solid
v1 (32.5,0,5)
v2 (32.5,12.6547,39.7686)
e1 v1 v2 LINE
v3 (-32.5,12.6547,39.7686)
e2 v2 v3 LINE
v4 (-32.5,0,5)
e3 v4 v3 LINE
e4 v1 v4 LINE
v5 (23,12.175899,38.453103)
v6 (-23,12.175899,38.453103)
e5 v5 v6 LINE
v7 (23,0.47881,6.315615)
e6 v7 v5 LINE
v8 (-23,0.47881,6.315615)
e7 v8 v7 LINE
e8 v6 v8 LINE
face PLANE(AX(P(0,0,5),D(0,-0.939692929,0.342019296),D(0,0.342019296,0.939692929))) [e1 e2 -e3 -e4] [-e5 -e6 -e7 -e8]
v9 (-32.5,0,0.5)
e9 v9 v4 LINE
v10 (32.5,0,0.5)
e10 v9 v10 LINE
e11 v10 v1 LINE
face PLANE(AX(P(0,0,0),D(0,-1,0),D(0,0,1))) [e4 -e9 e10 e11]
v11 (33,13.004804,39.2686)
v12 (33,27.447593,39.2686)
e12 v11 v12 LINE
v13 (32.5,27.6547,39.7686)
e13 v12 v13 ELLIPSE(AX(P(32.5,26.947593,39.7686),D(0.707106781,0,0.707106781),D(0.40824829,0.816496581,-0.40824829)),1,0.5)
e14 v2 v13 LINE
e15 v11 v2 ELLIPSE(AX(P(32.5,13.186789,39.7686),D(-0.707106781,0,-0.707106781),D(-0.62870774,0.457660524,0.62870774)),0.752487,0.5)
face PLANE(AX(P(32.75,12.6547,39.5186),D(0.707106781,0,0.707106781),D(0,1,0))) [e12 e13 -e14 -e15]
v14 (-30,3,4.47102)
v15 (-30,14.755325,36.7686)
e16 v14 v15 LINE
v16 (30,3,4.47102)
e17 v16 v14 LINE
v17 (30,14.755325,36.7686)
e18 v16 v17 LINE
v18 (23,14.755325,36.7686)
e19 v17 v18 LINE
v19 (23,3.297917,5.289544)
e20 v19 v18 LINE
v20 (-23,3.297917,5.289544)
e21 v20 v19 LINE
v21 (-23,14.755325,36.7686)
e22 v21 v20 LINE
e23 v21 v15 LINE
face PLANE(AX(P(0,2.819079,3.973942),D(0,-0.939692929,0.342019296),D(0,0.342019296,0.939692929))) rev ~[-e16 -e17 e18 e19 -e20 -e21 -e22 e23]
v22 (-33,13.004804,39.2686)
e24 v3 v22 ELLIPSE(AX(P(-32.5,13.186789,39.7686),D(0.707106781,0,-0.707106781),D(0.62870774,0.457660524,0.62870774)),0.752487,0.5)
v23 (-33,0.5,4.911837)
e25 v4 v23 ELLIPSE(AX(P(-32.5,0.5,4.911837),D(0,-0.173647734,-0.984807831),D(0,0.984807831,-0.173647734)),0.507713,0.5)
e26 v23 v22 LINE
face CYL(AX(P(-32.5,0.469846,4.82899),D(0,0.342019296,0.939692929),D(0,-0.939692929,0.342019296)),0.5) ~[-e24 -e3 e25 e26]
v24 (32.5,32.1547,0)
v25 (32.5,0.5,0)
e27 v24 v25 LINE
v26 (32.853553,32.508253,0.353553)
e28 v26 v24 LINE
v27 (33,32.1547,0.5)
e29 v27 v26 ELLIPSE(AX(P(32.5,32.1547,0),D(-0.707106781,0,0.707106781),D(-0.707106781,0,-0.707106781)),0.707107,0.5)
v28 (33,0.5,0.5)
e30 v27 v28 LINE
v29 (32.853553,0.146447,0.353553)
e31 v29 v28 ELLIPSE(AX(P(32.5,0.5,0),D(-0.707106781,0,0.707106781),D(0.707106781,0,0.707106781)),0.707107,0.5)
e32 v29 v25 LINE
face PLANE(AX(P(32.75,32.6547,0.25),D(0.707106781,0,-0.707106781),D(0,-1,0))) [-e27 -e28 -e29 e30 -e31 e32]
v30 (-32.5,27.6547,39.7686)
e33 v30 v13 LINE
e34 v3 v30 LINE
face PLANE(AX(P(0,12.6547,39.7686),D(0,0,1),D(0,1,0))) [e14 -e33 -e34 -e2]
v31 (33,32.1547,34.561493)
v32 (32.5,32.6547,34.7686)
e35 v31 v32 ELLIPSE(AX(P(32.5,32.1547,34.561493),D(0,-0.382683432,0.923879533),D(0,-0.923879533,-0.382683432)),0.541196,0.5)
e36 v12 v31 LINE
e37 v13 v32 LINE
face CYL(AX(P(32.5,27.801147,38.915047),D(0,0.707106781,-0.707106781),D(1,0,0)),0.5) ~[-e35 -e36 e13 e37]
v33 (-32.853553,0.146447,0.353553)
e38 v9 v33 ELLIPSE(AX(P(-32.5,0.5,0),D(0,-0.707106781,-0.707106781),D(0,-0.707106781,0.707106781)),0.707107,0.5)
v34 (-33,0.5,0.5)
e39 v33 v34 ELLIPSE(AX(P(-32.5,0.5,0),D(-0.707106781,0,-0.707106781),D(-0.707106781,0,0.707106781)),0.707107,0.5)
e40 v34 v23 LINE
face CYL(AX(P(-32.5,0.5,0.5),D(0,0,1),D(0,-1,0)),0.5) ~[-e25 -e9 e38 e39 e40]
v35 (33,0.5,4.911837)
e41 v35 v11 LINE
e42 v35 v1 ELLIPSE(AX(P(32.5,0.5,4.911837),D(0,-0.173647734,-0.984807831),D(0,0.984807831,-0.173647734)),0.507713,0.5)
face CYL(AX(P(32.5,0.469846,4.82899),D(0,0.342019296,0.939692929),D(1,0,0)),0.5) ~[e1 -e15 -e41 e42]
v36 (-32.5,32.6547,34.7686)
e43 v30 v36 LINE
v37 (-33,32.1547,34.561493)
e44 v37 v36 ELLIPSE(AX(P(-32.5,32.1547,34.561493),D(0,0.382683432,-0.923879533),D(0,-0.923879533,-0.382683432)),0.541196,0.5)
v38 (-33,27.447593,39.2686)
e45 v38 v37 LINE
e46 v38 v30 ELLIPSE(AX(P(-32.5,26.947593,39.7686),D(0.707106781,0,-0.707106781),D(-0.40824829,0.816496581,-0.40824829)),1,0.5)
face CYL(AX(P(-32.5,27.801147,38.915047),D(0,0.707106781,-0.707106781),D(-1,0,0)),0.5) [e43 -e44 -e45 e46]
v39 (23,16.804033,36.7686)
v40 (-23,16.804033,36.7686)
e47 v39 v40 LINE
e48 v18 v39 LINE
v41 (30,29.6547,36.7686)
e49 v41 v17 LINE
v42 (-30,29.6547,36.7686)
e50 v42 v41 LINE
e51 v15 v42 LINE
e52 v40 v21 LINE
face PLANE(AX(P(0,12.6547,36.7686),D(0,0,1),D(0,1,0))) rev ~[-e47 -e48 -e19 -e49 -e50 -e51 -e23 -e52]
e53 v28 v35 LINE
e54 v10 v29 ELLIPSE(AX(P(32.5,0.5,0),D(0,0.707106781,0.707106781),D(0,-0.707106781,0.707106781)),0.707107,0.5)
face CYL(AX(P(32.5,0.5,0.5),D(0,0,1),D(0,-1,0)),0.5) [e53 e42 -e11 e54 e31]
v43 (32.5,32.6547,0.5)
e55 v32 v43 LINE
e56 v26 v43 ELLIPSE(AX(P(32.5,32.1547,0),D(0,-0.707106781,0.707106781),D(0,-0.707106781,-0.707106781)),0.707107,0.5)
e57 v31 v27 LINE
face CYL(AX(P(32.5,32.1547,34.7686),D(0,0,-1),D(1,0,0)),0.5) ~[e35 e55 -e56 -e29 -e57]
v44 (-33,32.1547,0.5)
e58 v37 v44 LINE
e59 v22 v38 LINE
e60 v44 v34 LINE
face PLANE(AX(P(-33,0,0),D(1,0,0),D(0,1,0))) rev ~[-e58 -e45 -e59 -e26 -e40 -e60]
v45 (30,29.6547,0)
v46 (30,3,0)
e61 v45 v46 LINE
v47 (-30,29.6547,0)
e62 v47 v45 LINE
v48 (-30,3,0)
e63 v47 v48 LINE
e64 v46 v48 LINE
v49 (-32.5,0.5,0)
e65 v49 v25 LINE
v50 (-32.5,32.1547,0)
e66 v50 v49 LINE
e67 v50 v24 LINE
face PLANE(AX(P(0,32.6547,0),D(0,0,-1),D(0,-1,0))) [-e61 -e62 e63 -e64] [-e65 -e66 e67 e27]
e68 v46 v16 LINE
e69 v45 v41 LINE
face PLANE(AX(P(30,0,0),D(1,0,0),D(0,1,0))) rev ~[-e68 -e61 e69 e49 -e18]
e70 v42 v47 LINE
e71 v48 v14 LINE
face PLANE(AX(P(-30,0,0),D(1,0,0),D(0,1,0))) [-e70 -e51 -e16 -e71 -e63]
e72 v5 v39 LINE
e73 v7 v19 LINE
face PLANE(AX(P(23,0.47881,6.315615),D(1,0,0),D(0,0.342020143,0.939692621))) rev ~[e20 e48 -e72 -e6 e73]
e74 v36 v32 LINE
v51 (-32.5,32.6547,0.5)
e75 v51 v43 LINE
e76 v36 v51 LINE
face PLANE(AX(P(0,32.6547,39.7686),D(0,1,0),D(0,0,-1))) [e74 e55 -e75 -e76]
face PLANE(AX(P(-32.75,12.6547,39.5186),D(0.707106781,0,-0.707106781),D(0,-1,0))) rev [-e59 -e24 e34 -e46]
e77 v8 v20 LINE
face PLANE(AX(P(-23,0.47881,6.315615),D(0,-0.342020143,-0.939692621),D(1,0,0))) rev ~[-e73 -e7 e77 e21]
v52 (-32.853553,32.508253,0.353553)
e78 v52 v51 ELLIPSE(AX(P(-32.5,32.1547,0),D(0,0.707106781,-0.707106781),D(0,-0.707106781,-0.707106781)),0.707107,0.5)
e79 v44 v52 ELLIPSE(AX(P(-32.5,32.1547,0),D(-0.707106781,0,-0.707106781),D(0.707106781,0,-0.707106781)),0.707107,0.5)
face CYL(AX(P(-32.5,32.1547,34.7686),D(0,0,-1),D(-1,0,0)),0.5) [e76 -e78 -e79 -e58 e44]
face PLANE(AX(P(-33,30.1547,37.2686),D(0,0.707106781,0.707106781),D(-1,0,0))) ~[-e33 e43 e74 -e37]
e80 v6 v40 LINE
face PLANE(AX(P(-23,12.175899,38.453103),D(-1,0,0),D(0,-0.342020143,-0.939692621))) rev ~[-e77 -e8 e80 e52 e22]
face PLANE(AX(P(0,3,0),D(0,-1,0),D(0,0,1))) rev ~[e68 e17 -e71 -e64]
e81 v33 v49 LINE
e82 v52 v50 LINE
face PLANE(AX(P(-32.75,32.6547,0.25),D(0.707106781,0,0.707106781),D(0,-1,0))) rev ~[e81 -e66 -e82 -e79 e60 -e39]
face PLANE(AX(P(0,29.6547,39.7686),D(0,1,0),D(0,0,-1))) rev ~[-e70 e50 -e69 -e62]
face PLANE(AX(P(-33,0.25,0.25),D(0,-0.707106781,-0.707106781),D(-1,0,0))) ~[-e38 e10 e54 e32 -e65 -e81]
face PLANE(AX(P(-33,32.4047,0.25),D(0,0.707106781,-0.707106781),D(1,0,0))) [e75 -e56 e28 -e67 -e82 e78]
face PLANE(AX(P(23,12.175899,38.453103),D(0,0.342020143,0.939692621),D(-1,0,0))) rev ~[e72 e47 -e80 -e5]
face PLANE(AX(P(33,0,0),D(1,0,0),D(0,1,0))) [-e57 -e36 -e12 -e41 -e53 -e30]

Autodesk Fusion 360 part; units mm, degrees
sketch "Sketch1" plane through (0, 0, 0) normal (1, 0, 0) x (0, 1, 0)
  line L0 (0, 0) -> (0, 5)
  line L1 (0, 5) -> (12.6547, 39.7686)
  line L2 (0, 5) -> (37, 5) construction
  line L3 (12.6547, 39.7686) -> (32.6547, 39.7686)
  line L4 (32.6547, 39.7686) -> (32.6547, 0)
  line L5 (32.6547, 0) -> (0, 0)
  dimension "d1" = 70
  dimension "d2" = 37
  dimension "d3" = 20
extrude "Extrude1" add sketch "Sketch1" along normal mid plane 66
shell "Shell1" thickness 3 removed faces 1 at (11, 10.8849, 0)
chamfer "Chamfer1" distance 5 angle 45 1 edges at (0, 32.6547, 39.7686)
chamfer "Chamfer1" distance 0.5 angle 45 6 edges at (33, 22.6547, 39.7686) (-33, 22.6547, 39.7686) (0, 32.6547, 0) (33, 16.3274, 0) (0, 0, 0) (-33, 16.3274, 0)
fillet "Fillet1" radius 0.5 8 edges at (-33, 6.2364, 22.1343) (33, 6.2364, 22.1343) (-33, 32.6547, 17.6343) (33, 32.6547, 17.6343) (33, 30.4047, 37.0186) (-33, 30.4047, 37.0186) (-33, 0, 2.75) (33, 0, 2.75)
sketch "Sketch2" plane through (0, -1.607, 0.5849) normal (0, -0.9397, 0.342) x (1, 0, 0)
  line L0 (32.5, 4.6985) -> (32.5, 41.6985)
  line L1 (32.5, 41.6985) -> (-32.5, 41.6985)
  line L2 (-32.5, 41.6985) -> (-32.5, 4.6985)
  line L3 (-32.5, 4.6985) -> (32.5, 4.6985)
  line L4 (-32.5, 41.6985) -> (32.5, 4.6985) construction
  line L5 (32.5, 41.6985) -> (-32.5, 4.6985) construction
  line L6 (23, 40.2985) -> (-23, 40.2985)
  line L7 (-23, 40.2985) -> (-23, 6.0985)
  line L8 (-23, 6.0985) -> (23, 6.0985)
  line L9 (23, 6.0985) -> (23, 40.2985)
  line L10 (23, 40.2985) -> (-23, 6.0985) construction
  line L11 (-23, 40.2985) -> (23, 6.0985) construction
  point P0 (0, 23.1985)
  dimension "d13" = 46
  dimension "d14" = 34.2
extrude "Extrude2" cut sketch "Sketch2" against normal blind 6 contours L6 L7 L8 L9
